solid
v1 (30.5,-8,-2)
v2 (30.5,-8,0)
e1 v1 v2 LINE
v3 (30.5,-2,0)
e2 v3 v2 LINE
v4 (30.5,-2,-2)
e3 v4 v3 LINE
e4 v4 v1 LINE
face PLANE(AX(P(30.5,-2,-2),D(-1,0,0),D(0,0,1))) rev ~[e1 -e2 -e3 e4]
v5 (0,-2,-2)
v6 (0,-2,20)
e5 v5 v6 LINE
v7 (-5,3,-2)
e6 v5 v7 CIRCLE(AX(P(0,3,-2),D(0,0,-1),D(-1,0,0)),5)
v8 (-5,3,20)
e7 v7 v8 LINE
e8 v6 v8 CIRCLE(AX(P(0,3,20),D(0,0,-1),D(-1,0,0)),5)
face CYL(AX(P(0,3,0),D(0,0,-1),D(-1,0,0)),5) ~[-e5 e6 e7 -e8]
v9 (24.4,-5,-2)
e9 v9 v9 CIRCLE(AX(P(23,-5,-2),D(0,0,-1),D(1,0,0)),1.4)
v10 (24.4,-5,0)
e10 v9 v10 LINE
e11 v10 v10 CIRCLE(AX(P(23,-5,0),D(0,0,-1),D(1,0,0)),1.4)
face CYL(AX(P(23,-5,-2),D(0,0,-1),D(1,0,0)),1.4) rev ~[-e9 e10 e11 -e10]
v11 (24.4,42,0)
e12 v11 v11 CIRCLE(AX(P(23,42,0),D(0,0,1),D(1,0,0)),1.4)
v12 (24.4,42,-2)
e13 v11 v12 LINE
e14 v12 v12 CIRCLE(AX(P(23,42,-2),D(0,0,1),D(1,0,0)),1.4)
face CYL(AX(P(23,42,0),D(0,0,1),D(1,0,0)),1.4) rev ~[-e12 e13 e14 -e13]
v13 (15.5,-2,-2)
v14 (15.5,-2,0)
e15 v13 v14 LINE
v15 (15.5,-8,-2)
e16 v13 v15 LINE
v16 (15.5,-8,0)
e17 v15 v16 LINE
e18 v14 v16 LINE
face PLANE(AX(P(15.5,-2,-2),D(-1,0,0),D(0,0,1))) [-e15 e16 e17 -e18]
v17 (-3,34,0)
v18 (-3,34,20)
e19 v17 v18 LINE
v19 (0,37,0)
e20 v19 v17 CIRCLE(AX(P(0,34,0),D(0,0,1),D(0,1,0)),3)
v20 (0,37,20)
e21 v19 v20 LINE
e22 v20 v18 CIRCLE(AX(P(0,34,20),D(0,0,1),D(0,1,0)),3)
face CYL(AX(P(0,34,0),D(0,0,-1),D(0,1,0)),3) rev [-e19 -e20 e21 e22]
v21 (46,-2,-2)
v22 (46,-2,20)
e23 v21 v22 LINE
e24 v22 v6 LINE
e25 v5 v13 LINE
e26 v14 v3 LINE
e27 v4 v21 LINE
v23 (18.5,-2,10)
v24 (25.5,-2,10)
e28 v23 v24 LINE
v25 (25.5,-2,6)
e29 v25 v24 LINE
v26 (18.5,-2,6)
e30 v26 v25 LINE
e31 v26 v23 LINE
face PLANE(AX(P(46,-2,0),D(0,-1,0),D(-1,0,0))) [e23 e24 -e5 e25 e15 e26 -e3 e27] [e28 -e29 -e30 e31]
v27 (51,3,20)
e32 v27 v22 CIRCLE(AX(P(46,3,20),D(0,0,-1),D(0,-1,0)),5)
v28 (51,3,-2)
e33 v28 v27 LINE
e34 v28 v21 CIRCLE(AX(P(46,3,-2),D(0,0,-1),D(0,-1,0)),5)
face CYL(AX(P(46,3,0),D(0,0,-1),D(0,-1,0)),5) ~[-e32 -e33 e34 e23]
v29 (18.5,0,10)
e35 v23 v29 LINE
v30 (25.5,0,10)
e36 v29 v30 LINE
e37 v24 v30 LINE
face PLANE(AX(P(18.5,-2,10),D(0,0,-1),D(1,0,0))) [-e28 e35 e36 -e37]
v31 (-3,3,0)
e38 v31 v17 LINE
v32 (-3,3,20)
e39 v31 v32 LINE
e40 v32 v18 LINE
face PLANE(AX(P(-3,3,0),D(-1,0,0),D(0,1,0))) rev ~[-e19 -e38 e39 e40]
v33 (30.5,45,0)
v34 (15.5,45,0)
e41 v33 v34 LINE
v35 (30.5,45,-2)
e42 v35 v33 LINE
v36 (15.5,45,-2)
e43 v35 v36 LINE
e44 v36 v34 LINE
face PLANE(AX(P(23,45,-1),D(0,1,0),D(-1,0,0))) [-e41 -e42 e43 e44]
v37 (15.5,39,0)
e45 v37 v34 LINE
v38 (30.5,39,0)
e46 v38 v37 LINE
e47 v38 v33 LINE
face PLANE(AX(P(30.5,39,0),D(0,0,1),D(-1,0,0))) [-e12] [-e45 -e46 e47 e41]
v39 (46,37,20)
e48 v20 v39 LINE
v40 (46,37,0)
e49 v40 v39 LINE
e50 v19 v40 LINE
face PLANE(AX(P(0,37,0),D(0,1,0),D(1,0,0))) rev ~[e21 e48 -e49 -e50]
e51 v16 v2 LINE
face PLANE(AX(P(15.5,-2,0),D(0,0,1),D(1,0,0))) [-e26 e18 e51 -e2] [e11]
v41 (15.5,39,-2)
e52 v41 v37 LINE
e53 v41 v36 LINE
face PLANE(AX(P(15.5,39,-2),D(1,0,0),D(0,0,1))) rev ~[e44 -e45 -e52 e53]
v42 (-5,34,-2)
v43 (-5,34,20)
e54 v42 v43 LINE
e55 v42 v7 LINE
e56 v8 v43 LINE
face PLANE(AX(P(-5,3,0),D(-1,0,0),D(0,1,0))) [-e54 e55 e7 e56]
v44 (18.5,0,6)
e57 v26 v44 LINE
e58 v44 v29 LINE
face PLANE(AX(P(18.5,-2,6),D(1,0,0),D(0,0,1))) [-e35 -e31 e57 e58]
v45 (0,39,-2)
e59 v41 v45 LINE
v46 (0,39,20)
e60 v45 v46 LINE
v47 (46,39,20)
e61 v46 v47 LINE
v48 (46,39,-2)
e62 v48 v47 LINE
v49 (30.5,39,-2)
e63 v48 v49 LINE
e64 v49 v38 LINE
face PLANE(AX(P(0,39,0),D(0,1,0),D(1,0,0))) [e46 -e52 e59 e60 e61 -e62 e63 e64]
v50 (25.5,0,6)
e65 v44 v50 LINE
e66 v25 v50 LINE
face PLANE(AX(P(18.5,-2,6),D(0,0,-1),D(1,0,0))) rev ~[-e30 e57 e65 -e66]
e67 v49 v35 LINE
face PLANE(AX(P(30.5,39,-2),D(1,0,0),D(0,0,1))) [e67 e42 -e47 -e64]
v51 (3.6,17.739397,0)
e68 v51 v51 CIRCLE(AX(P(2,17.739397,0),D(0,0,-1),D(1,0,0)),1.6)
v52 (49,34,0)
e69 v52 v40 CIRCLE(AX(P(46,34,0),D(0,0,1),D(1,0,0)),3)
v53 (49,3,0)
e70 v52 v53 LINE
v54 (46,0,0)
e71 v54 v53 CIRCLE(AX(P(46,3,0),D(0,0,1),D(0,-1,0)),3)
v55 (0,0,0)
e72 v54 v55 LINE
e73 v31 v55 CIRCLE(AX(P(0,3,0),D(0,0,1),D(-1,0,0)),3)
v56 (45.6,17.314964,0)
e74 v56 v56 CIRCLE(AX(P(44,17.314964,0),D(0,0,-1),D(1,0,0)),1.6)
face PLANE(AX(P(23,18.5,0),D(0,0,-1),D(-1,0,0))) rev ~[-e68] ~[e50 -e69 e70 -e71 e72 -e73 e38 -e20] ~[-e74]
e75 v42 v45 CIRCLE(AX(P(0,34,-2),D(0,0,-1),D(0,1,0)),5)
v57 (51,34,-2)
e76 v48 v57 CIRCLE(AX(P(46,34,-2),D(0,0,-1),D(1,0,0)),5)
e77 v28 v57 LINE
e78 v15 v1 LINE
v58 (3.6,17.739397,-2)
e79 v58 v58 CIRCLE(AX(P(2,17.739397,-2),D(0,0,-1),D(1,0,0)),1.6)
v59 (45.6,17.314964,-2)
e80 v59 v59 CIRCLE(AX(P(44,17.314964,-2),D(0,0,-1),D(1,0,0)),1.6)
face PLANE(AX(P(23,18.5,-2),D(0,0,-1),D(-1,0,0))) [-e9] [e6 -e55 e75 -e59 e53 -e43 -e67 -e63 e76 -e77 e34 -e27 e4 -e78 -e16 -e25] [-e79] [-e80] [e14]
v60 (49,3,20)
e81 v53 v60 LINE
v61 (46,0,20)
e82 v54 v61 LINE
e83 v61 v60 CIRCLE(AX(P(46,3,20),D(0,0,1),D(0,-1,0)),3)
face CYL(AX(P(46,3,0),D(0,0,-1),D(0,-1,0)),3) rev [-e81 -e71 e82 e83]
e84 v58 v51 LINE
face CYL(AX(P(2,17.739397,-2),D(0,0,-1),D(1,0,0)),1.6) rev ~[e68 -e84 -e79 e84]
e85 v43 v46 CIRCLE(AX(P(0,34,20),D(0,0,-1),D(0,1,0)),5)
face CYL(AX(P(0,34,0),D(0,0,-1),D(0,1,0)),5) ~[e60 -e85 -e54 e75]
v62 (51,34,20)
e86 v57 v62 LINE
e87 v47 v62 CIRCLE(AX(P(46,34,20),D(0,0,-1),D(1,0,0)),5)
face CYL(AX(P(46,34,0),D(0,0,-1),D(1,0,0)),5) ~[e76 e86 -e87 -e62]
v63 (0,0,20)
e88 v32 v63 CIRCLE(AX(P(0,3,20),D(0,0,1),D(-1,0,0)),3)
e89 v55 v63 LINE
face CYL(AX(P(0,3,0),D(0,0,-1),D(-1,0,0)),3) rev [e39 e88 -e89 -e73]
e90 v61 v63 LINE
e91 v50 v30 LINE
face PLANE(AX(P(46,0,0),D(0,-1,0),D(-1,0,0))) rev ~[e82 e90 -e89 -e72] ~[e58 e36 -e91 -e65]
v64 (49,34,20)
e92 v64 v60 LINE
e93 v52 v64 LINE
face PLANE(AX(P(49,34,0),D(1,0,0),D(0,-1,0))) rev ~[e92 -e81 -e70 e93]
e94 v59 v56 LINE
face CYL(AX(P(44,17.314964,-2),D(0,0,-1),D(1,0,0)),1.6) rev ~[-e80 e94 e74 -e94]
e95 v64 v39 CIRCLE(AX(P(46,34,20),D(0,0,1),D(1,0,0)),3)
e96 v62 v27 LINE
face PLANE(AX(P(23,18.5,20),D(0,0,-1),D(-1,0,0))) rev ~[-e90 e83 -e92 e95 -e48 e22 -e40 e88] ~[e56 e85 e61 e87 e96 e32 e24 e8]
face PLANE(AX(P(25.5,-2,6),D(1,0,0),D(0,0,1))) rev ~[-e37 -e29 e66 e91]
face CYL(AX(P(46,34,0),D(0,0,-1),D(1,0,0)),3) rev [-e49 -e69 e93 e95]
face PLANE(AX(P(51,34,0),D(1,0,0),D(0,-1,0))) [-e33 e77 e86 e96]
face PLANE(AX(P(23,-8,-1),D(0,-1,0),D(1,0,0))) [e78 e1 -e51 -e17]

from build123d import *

# Parameters (mm, degrees)
PAD_DEPTH       = 20
THICKNESS_T     = 2
SKETCH001_W     = 15
SKETCH001_H     = 2
PAD001_DEPTH    = 6
SKETCH002_R     = 1.4
POCKET_DEPTH    = 2.001
SKETCH003_W     = 15
SKETCH003_H     = 2
PAD002_DEPTH    = 6
SKETCH004_R     = 1.4
POCKET001_DEPTH = 22.001
SKETCH005_R     = 1.6
POCKET002_DEPTH = 22.001
SKETCH006_W     = 7
SKETCH006_H     = 4
POCKET003_DEPTH = 2


with BuildPart() as part:
    # Sketch → Pad (new body)
    with BuildSketch(Plane.XY):
        with BuildLine():
            Line((0, 37), (46, 37))
            ThreePointArc((49, 34), (48.1213203436, 36.1213203436), (46, 37))
            Line((49, 34), (49, 3))
            ThreePointArc((46, 0), (48.1213203436, 0.8786796564), (49, 3))
            Line((46, 0), (0, 0))
            ThreePointArc((-3, 3), (-2.1213203436, 0.8786796564), (0, 0))
            Line((-3, 3), (-3, 34))
            ThreePointArc((0, 37), (-2.1213203436, 36.1213203436), (-3, 34))
        make_face()
    extrude(amount=PAD_DEPTH)

    # Thickness
    thickness_openings = [part.faces().sort_by_distance(p)[0] for p in [
        (23, 18.5, 20),
    ]]
    offset(amount=THICKNESS_T, openings=thickness_openings, kind=Kind.INTERSECTION)

    # Sketch001 → Pad001 (new body)
    with BuildSketch(Plane(origin=(0, 39, 0), x_dir=(-1, 0, 0), z_dir=(0, 1, 0))):
        with Locations((-23, -1)):
            Rectangle(SKETCH001_W, SKETCH001_H)
    extrude(amount=PAD001_DEPTH)

    # Sketch002 → Pocket (cut, through all)
    with BuildSketch(Plane.XY):
        with Locations((23, 42)):
            Circle(SKETCH002_R)
    extrude(amount=-POCKET_DEPTH, mode=Mode.SUBTRACT)

    # Sketch003 → Pad002 (new body)
    with BuildSketch(Plane.XZ.offset(2)):
        with Locations((23, -1)):
            Rectangle(SKETCH003_W, SKETCH003_H)
    extrude(amount=PAD002_DEPTH)

    # Sketch004 → Pocket001 (cut, through all)
    with BuildSketch(Plane(origin=(0, 0, -2), x_dir=(1, 0, 0), z_dir=(0, 0, -1))):
        with Locations((23, 5)):
            Circle(SKETCH004_R)
    extrude(amount=-POCKET001_DEPTH, mode=Mode.SUBTRACT)

    # Sketch005 → Pocket002 (cut, through all)
    with BuildSketch(Plane(origin=(0, 0, -2), x_dir=(1, 0, 0), z_dir=(0, 0, -1))):
        with Locations((2, -17.739397)):
            Circle(SKETCH005_R)
        with Locations((44, -17.314964)):
            Circle(SKETCH005_R)
    extrude(amount=-POCKET002_DEPTH, mode=Mode.SUBTRACT)

    # Sketch006 → Pocket003 (cut)
    with BuildSketch(Plane.XZ.offset(2)):
        with Locations((22, 8)):
            Rectangle(SKETCH006_W, SKETCH006_H)
    extrude(amount=-POCKET003_DEPTH, mode=Mode.SUBTRACT)


solid = part.part
